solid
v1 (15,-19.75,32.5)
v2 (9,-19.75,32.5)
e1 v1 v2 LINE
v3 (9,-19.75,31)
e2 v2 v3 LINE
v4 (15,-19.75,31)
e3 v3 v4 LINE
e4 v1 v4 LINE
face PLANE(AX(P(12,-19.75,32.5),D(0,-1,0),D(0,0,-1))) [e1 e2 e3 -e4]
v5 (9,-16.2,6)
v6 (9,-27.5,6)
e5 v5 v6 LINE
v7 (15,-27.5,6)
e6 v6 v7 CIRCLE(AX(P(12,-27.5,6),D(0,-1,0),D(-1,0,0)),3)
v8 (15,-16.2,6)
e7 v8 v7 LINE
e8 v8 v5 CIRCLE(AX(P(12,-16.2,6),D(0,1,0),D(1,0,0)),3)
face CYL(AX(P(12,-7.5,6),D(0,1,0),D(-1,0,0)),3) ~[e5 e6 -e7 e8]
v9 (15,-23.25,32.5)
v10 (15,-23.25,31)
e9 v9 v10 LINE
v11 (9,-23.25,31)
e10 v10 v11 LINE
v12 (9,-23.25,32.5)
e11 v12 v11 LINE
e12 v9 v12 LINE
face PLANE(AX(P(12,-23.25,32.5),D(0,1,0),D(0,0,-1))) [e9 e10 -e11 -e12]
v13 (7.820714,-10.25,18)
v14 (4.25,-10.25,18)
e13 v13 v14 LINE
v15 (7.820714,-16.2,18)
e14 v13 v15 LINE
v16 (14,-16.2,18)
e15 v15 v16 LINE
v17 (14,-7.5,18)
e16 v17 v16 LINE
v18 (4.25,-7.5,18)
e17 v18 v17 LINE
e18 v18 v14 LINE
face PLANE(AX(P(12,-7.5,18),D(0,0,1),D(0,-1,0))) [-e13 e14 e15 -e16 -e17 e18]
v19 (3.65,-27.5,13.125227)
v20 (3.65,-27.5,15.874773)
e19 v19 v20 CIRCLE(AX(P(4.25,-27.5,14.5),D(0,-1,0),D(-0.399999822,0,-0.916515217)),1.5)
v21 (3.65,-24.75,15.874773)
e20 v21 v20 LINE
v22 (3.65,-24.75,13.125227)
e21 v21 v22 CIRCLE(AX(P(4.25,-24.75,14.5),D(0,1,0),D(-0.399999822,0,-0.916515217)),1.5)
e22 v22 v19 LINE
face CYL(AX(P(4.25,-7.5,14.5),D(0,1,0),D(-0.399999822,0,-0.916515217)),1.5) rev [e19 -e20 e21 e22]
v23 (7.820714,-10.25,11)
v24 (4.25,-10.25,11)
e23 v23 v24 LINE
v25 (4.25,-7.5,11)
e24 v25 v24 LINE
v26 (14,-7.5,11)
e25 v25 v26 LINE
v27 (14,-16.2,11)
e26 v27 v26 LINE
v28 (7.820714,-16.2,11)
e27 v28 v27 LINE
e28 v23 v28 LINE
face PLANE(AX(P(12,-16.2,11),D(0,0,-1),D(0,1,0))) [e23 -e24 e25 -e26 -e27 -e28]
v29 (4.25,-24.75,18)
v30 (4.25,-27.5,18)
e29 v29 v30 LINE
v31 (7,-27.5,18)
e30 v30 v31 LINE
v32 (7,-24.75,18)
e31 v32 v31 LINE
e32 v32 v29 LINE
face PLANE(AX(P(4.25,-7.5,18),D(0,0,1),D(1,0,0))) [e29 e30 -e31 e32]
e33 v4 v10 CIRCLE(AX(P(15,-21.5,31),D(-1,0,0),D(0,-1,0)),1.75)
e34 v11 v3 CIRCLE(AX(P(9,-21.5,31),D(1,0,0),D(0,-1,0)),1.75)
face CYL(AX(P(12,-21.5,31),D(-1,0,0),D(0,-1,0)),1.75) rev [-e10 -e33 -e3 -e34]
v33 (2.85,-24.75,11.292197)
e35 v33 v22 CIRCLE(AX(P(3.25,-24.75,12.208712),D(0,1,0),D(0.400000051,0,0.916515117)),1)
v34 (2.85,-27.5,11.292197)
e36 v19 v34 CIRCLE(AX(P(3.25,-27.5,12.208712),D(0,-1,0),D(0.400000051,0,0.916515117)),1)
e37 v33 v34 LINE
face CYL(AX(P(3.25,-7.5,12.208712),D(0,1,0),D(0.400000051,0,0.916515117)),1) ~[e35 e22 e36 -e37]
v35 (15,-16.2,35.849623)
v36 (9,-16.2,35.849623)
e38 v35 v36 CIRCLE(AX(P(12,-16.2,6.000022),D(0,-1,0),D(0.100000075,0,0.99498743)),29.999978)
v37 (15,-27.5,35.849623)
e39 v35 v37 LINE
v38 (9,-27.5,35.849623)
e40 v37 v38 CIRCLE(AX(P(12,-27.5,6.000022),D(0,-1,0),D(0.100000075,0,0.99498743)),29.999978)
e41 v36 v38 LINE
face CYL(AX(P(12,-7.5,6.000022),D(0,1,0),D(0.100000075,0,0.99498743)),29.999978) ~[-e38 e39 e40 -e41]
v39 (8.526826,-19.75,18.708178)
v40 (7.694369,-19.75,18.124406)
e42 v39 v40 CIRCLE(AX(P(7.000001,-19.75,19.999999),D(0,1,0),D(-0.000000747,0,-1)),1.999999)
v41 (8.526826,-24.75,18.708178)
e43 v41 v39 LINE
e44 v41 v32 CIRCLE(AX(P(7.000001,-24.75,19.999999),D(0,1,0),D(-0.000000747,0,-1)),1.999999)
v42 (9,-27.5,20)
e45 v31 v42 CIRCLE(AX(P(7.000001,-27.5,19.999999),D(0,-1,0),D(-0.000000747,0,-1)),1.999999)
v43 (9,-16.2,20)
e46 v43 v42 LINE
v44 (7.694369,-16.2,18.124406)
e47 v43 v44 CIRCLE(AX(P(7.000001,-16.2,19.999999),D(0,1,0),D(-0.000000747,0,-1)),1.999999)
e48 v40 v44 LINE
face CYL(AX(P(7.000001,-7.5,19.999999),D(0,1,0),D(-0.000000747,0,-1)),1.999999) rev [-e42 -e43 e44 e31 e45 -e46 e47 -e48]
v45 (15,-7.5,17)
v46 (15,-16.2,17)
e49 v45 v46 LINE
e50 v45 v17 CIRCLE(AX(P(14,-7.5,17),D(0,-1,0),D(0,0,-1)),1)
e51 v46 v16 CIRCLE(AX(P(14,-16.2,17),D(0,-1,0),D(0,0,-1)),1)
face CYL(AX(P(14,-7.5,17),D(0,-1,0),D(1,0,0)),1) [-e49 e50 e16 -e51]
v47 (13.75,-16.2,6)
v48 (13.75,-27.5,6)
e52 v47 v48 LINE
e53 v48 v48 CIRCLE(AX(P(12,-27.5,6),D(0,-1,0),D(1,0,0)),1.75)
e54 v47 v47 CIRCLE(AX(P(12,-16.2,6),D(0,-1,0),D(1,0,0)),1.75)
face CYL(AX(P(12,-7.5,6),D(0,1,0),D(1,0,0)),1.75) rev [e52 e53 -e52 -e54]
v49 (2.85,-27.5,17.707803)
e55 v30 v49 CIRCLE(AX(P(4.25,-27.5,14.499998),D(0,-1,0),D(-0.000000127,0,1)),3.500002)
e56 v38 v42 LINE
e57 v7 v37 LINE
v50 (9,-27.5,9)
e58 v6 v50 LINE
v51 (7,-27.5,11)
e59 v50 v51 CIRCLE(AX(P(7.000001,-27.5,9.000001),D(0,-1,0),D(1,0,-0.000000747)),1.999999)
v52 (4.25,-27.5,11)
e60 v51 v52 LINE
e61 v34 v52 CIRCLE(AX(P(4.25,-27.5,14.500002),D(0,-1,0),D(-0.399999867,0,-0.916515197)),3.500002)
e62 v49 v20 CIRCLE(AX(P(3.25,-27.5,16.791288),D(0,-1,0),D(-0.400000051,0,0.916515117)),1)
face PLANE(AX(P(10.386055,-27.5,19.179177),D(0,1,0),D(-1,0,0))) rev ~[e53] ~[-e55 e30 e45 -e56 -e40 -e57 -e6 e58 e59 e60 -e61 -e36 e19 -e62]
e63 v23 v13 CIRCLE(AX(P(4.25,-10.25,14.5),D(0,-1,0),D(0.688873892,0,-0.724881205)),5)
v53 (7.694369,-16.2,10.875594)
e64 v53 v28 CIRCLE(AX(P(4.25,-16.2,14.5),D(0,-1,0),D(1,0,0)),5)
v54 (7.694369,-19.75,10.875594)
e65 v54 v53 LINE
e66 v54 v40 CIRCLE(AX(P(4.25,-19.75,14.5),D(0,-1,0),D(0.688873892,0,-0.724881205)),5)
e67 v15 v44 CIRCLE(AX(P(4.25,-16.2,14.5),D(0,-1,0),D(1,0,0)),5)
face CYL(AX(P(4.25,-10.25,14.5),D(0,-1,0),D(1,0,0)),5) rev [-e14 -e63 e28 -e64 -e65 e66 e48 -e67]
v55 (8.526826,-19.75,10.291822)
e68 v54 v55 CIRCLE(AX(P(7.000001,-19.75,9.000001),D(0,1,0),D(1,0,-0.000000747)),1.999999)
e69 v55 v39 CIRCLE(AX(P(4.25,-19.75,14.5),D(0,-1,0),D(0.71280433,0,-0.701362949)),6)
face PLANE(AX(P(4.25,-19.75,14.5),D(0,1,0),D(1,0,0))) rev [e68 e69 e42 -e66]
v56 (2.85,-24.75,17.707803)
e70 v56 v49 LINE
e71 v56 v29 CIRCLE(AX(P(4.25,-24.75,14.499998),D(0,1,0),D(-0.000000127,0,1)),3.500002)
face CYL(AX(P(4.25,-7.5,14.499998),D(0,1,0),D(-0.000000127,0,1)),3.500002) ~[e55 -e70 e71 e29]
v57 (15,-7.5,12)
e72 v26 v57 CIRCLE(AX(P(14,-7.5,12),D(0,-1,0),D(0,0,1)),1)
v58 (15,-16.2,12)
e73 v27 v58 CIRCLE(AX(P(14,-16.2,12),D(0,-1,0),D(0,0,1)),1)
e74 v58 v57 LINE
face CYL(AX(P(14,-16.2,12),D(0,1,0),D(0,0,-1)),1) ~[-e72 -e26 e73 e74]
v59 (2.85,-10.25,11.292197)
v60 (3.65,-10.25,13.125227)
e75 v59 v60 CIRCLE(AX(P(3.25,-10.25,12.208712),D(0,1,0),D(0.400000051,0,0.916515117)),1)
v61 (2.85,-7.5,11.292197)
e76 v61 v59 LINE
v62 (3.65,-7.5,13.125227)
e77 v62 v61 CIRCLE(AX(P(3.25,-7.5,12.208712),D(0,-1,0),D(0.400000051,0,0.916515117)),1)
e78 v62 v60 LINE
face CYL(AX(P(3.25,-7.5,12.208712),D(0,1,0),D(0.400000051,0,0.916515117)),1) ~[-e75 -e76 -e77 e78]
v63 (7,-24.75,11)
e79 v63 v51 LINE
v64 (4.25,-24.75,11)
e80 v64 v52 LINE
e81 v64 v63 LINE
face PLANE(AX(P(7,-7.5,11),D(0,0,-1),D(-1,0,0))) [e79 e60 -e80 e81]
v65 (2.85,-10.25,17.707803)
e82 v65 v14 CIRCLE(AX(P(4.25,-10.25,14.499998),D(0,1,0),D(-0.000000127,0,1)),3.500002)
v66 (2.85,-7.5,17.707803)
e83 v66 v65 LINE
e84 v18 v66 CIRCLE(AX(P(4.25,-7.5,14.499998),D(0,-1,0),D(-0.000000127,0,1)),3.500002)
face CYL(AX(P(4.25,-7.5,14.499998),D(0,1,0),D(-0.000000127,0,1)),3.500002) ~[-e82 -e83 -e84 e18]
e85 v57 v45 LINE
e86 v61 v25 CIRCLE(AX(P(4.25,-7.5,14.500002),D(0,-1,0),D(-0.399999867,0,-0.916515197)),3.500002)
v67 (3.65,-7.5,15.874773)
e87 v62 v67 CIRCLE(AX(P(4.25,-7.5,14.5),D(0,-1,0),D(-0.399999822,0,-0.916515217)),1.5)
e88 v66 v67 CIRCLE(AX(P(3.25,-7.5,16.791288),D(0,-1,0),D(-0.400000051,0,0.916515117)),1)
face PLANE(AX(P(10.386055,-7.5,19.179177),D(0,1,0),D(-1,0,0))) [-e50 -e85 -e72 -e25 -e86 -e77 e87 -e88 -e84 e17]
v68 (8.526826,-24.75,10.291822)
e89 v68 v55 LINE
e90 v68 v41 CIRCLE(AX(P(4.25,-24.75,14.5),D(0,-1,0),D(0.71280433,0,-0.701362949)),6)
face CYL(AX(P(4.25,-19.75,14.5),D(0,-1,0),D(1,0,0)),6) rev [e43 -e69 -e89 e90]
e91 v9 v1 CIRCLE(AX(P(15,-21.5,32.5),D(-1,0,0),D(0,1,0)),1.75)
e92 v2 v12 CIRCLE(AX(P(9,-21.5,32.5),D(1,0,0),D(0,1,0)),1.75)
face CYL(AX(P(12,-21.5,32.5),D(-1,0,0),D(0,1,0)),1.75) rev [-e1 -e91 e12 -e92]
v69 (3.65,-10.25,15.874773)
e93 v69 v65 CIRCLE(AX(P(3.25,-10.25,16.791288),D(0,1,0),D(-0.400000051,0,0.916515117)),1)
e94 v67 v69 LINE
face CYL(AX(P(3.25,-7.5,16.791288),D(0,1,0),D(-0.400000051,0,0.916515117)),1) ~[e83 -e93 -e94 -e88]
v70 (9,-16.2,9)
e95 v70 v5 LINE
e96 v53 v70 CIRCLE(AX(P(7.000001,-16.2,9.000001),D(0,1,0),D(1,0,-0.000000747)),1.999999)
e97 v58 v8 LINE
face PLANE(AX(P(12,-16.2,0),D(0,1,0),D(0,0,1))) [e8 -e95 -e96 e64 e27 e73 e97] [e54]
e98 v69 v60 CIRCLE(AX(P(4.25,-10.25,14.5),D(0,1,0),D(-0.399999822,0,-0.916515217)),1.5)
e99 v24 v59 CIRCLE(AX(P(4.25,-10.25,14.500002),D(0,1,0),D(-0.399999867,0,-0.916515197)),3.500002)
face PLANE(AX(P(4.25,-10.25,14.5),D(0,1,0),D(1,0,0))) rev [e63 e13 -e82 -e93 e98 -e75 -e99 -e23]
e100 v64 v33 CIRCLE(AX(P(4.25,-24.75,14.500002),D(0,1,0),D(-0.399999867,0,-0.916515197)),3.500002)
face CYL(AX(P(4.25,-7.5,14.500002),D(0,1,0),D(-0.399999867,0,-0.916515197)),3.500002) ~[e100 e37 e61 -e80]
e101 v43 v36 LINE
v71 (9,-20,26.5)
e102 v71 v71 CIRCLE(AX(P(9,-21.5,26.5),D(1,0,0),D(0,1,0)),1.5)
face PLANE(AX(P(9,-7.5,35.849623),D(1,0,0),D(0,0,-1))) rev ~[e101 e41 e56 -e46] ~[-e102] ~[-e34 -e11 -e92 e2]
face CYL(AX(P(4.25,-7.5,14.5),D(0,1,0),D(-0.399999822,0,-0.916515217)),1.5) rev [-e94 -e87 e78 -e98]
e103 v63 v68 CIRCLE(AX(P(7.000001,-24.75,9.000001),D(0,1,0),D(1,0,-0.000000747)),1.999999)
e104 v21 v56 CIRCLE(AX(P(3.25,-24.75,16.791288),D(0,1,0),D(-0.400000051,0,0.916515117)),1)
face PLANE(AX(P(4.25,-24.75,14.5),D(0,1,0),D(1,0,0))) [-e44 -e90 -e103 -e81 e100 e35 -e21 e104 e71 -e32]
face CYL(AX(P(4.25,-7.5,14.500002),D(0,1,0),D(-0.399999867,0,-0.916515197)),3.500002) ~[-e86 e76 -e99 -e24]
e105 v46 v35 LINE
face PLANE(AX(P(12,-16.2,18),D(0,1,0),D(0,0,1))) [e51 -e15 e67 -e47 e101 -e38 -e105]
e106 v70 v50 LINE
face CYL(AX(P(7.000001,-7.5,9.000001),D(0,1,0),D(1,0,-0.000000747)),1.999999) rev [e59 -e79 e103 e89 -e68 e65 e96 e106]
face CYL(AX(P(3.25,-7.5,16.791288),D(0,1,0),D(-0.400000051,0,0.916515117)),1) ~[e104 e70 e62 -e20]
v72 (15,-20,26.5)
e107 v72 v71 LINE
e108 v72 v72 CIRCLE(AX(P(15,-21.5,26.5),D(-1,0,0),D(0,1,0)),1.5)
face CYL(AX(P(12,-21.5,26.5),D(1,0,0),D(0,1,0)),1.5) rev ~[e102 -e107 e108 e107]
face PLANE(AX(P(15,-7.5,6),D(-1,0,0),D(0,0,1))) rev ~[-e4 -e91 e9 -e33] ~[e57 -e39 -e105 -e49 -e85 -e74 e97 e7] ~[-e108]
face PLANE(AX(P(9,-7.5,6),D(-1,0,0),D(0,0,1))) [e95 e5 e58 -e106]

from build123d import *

# Parameters (mm, degrees)
SKETCH004_R          = 1.75
PAD001_DEPTH         = 20
POCKET001_DEPTH      = 9.751
POCKET001_DEPTH_BACK = 3.001
SKETCH008_R          = 1.5
POCKET003_DEPTH      = 9.751
POCKET003_DEPTH_BACK = 3.001
FILLET_R             = 1


with BuildPart() as part:
    # Sketch004 → Pad001 (new body)
    with BuildSketch(Plane.XZ.offset(7.5)):
        with BuildLine():
            Line((-3, 0), (-3, 3))
            ThreePointArc((-3, 3), (-3.585786, 4.414214), (-5, 5))
            Line((-5, 5), (-7.75, 5))
            ThreePointArc((-9.15, 5.292197), (-8.465084, 5.073828), (-7.75, 5))
            ThreePointArc((-8.35, 7.125227), (-9.666515, 6.608712), (-9.15, 5.292197))
            ThreePointArc((-8.35, 7.125227), (-6.25, 8.5), (-8.35, 9.874773))
            ThreePointArc((-9.15, 11.707803), (-9.666515, 10.391288), (-8.35, 9.874773))
            ThreePointArc((-7.75, 12), (-8.465084, 11.926172), (-9.15, 11.707803))
            Line((-7.75, 12), (-5, 12))
            ThreePointArc((-5, 12), (-3.585786, 12.585786), (-3, 14))
            Line((-3, 29.849623), (-3, 14))
            ThreePointArc((3, 29.849623), (0, 30), (-3, 29.849623))
            Line((3, 0), (3, 29.849623))
            ThreePointArc((-3, 0), (0, -3), (3, 0))
        make_face()
        Circle(SKETCH004_R, mode=Mode.SUBTRACT)
    extrude(amount=PAD001_DEPTH)

    # Sketch005 → Groove (revolve, cut)
    with BuildSketch(Plane(origin=(-7.75, 0, 8.5), x_dir=(1, 0, 0), z_dir=(0, 0, 1))):
        Polygon((0, -10.25), (5, -10.25), (5, -19.75), (6, -19.75), (6, -24.75), (0, -24.75), align=None)
    revolve(axis=Axis((-7.75, 0, 8.5), (0, 1, 0)), mode=Mode.SUBTRACT)

    # Sketch006 → Pocket001 (cut, two sides)
    with BuildSketch(Plane.YZ) as pocket001_sk:
        Polygon((-16.2, 36), (0, 36), (0, -6), (-16.2, -6), (-16.2, 5), (-7.5, 5), (-7.5, 12), (-16.2, 12), align=None)
    extrude(amount=-POCKET001_DEPTH, mode=Mode.SUBTRACT)
    extrude(pocket001_sk.sketch, amount=POCKET001_DEPTH_BACK, mode=Mode.SUBTRACT)

    # Sketch008 → Pocket003 (cut, two sides)
    with BuildSketch(Plane.YZ) as pocket003_sk:
        with Locations((-21.5, 20.5)):
            Circle(SKETCH008_R)
        with BuildLine():
            ThreePointArc((-19.75, 26.5), (-21.5, 28.25), (-23.25, 26.5))
            Line((-23.25, 26.5), (-23.25, 25))
            ThreePointArc((-23.25, 25), (-21.5, 23.25), (-19.75, 25))
            Line((-19.75, 26.5), (-19.75, 25))
        make_face()
    extrude(amount=-POCKET003_DEPTH, mode=Mode.SUBTRACT)
    extrude(pocket003_sk.sketch, amount=POCKET003_DEPTH_BACK, mode=Mode.SUBTRACT)

    # Fillet
    fillet_edges = [part.edges().sort_by_distance(p)[0] for p in [
        (3, -11.85, 12),
        (3, -11.85, 5),
    ]]
    fillet(fillet_edges, radius=FILLET_R)


with BuildPart() as part_1:
    # Body002 placement: moved
    add(part.part.moved(Location((12, 0, 6))))


solid = part_1.part
